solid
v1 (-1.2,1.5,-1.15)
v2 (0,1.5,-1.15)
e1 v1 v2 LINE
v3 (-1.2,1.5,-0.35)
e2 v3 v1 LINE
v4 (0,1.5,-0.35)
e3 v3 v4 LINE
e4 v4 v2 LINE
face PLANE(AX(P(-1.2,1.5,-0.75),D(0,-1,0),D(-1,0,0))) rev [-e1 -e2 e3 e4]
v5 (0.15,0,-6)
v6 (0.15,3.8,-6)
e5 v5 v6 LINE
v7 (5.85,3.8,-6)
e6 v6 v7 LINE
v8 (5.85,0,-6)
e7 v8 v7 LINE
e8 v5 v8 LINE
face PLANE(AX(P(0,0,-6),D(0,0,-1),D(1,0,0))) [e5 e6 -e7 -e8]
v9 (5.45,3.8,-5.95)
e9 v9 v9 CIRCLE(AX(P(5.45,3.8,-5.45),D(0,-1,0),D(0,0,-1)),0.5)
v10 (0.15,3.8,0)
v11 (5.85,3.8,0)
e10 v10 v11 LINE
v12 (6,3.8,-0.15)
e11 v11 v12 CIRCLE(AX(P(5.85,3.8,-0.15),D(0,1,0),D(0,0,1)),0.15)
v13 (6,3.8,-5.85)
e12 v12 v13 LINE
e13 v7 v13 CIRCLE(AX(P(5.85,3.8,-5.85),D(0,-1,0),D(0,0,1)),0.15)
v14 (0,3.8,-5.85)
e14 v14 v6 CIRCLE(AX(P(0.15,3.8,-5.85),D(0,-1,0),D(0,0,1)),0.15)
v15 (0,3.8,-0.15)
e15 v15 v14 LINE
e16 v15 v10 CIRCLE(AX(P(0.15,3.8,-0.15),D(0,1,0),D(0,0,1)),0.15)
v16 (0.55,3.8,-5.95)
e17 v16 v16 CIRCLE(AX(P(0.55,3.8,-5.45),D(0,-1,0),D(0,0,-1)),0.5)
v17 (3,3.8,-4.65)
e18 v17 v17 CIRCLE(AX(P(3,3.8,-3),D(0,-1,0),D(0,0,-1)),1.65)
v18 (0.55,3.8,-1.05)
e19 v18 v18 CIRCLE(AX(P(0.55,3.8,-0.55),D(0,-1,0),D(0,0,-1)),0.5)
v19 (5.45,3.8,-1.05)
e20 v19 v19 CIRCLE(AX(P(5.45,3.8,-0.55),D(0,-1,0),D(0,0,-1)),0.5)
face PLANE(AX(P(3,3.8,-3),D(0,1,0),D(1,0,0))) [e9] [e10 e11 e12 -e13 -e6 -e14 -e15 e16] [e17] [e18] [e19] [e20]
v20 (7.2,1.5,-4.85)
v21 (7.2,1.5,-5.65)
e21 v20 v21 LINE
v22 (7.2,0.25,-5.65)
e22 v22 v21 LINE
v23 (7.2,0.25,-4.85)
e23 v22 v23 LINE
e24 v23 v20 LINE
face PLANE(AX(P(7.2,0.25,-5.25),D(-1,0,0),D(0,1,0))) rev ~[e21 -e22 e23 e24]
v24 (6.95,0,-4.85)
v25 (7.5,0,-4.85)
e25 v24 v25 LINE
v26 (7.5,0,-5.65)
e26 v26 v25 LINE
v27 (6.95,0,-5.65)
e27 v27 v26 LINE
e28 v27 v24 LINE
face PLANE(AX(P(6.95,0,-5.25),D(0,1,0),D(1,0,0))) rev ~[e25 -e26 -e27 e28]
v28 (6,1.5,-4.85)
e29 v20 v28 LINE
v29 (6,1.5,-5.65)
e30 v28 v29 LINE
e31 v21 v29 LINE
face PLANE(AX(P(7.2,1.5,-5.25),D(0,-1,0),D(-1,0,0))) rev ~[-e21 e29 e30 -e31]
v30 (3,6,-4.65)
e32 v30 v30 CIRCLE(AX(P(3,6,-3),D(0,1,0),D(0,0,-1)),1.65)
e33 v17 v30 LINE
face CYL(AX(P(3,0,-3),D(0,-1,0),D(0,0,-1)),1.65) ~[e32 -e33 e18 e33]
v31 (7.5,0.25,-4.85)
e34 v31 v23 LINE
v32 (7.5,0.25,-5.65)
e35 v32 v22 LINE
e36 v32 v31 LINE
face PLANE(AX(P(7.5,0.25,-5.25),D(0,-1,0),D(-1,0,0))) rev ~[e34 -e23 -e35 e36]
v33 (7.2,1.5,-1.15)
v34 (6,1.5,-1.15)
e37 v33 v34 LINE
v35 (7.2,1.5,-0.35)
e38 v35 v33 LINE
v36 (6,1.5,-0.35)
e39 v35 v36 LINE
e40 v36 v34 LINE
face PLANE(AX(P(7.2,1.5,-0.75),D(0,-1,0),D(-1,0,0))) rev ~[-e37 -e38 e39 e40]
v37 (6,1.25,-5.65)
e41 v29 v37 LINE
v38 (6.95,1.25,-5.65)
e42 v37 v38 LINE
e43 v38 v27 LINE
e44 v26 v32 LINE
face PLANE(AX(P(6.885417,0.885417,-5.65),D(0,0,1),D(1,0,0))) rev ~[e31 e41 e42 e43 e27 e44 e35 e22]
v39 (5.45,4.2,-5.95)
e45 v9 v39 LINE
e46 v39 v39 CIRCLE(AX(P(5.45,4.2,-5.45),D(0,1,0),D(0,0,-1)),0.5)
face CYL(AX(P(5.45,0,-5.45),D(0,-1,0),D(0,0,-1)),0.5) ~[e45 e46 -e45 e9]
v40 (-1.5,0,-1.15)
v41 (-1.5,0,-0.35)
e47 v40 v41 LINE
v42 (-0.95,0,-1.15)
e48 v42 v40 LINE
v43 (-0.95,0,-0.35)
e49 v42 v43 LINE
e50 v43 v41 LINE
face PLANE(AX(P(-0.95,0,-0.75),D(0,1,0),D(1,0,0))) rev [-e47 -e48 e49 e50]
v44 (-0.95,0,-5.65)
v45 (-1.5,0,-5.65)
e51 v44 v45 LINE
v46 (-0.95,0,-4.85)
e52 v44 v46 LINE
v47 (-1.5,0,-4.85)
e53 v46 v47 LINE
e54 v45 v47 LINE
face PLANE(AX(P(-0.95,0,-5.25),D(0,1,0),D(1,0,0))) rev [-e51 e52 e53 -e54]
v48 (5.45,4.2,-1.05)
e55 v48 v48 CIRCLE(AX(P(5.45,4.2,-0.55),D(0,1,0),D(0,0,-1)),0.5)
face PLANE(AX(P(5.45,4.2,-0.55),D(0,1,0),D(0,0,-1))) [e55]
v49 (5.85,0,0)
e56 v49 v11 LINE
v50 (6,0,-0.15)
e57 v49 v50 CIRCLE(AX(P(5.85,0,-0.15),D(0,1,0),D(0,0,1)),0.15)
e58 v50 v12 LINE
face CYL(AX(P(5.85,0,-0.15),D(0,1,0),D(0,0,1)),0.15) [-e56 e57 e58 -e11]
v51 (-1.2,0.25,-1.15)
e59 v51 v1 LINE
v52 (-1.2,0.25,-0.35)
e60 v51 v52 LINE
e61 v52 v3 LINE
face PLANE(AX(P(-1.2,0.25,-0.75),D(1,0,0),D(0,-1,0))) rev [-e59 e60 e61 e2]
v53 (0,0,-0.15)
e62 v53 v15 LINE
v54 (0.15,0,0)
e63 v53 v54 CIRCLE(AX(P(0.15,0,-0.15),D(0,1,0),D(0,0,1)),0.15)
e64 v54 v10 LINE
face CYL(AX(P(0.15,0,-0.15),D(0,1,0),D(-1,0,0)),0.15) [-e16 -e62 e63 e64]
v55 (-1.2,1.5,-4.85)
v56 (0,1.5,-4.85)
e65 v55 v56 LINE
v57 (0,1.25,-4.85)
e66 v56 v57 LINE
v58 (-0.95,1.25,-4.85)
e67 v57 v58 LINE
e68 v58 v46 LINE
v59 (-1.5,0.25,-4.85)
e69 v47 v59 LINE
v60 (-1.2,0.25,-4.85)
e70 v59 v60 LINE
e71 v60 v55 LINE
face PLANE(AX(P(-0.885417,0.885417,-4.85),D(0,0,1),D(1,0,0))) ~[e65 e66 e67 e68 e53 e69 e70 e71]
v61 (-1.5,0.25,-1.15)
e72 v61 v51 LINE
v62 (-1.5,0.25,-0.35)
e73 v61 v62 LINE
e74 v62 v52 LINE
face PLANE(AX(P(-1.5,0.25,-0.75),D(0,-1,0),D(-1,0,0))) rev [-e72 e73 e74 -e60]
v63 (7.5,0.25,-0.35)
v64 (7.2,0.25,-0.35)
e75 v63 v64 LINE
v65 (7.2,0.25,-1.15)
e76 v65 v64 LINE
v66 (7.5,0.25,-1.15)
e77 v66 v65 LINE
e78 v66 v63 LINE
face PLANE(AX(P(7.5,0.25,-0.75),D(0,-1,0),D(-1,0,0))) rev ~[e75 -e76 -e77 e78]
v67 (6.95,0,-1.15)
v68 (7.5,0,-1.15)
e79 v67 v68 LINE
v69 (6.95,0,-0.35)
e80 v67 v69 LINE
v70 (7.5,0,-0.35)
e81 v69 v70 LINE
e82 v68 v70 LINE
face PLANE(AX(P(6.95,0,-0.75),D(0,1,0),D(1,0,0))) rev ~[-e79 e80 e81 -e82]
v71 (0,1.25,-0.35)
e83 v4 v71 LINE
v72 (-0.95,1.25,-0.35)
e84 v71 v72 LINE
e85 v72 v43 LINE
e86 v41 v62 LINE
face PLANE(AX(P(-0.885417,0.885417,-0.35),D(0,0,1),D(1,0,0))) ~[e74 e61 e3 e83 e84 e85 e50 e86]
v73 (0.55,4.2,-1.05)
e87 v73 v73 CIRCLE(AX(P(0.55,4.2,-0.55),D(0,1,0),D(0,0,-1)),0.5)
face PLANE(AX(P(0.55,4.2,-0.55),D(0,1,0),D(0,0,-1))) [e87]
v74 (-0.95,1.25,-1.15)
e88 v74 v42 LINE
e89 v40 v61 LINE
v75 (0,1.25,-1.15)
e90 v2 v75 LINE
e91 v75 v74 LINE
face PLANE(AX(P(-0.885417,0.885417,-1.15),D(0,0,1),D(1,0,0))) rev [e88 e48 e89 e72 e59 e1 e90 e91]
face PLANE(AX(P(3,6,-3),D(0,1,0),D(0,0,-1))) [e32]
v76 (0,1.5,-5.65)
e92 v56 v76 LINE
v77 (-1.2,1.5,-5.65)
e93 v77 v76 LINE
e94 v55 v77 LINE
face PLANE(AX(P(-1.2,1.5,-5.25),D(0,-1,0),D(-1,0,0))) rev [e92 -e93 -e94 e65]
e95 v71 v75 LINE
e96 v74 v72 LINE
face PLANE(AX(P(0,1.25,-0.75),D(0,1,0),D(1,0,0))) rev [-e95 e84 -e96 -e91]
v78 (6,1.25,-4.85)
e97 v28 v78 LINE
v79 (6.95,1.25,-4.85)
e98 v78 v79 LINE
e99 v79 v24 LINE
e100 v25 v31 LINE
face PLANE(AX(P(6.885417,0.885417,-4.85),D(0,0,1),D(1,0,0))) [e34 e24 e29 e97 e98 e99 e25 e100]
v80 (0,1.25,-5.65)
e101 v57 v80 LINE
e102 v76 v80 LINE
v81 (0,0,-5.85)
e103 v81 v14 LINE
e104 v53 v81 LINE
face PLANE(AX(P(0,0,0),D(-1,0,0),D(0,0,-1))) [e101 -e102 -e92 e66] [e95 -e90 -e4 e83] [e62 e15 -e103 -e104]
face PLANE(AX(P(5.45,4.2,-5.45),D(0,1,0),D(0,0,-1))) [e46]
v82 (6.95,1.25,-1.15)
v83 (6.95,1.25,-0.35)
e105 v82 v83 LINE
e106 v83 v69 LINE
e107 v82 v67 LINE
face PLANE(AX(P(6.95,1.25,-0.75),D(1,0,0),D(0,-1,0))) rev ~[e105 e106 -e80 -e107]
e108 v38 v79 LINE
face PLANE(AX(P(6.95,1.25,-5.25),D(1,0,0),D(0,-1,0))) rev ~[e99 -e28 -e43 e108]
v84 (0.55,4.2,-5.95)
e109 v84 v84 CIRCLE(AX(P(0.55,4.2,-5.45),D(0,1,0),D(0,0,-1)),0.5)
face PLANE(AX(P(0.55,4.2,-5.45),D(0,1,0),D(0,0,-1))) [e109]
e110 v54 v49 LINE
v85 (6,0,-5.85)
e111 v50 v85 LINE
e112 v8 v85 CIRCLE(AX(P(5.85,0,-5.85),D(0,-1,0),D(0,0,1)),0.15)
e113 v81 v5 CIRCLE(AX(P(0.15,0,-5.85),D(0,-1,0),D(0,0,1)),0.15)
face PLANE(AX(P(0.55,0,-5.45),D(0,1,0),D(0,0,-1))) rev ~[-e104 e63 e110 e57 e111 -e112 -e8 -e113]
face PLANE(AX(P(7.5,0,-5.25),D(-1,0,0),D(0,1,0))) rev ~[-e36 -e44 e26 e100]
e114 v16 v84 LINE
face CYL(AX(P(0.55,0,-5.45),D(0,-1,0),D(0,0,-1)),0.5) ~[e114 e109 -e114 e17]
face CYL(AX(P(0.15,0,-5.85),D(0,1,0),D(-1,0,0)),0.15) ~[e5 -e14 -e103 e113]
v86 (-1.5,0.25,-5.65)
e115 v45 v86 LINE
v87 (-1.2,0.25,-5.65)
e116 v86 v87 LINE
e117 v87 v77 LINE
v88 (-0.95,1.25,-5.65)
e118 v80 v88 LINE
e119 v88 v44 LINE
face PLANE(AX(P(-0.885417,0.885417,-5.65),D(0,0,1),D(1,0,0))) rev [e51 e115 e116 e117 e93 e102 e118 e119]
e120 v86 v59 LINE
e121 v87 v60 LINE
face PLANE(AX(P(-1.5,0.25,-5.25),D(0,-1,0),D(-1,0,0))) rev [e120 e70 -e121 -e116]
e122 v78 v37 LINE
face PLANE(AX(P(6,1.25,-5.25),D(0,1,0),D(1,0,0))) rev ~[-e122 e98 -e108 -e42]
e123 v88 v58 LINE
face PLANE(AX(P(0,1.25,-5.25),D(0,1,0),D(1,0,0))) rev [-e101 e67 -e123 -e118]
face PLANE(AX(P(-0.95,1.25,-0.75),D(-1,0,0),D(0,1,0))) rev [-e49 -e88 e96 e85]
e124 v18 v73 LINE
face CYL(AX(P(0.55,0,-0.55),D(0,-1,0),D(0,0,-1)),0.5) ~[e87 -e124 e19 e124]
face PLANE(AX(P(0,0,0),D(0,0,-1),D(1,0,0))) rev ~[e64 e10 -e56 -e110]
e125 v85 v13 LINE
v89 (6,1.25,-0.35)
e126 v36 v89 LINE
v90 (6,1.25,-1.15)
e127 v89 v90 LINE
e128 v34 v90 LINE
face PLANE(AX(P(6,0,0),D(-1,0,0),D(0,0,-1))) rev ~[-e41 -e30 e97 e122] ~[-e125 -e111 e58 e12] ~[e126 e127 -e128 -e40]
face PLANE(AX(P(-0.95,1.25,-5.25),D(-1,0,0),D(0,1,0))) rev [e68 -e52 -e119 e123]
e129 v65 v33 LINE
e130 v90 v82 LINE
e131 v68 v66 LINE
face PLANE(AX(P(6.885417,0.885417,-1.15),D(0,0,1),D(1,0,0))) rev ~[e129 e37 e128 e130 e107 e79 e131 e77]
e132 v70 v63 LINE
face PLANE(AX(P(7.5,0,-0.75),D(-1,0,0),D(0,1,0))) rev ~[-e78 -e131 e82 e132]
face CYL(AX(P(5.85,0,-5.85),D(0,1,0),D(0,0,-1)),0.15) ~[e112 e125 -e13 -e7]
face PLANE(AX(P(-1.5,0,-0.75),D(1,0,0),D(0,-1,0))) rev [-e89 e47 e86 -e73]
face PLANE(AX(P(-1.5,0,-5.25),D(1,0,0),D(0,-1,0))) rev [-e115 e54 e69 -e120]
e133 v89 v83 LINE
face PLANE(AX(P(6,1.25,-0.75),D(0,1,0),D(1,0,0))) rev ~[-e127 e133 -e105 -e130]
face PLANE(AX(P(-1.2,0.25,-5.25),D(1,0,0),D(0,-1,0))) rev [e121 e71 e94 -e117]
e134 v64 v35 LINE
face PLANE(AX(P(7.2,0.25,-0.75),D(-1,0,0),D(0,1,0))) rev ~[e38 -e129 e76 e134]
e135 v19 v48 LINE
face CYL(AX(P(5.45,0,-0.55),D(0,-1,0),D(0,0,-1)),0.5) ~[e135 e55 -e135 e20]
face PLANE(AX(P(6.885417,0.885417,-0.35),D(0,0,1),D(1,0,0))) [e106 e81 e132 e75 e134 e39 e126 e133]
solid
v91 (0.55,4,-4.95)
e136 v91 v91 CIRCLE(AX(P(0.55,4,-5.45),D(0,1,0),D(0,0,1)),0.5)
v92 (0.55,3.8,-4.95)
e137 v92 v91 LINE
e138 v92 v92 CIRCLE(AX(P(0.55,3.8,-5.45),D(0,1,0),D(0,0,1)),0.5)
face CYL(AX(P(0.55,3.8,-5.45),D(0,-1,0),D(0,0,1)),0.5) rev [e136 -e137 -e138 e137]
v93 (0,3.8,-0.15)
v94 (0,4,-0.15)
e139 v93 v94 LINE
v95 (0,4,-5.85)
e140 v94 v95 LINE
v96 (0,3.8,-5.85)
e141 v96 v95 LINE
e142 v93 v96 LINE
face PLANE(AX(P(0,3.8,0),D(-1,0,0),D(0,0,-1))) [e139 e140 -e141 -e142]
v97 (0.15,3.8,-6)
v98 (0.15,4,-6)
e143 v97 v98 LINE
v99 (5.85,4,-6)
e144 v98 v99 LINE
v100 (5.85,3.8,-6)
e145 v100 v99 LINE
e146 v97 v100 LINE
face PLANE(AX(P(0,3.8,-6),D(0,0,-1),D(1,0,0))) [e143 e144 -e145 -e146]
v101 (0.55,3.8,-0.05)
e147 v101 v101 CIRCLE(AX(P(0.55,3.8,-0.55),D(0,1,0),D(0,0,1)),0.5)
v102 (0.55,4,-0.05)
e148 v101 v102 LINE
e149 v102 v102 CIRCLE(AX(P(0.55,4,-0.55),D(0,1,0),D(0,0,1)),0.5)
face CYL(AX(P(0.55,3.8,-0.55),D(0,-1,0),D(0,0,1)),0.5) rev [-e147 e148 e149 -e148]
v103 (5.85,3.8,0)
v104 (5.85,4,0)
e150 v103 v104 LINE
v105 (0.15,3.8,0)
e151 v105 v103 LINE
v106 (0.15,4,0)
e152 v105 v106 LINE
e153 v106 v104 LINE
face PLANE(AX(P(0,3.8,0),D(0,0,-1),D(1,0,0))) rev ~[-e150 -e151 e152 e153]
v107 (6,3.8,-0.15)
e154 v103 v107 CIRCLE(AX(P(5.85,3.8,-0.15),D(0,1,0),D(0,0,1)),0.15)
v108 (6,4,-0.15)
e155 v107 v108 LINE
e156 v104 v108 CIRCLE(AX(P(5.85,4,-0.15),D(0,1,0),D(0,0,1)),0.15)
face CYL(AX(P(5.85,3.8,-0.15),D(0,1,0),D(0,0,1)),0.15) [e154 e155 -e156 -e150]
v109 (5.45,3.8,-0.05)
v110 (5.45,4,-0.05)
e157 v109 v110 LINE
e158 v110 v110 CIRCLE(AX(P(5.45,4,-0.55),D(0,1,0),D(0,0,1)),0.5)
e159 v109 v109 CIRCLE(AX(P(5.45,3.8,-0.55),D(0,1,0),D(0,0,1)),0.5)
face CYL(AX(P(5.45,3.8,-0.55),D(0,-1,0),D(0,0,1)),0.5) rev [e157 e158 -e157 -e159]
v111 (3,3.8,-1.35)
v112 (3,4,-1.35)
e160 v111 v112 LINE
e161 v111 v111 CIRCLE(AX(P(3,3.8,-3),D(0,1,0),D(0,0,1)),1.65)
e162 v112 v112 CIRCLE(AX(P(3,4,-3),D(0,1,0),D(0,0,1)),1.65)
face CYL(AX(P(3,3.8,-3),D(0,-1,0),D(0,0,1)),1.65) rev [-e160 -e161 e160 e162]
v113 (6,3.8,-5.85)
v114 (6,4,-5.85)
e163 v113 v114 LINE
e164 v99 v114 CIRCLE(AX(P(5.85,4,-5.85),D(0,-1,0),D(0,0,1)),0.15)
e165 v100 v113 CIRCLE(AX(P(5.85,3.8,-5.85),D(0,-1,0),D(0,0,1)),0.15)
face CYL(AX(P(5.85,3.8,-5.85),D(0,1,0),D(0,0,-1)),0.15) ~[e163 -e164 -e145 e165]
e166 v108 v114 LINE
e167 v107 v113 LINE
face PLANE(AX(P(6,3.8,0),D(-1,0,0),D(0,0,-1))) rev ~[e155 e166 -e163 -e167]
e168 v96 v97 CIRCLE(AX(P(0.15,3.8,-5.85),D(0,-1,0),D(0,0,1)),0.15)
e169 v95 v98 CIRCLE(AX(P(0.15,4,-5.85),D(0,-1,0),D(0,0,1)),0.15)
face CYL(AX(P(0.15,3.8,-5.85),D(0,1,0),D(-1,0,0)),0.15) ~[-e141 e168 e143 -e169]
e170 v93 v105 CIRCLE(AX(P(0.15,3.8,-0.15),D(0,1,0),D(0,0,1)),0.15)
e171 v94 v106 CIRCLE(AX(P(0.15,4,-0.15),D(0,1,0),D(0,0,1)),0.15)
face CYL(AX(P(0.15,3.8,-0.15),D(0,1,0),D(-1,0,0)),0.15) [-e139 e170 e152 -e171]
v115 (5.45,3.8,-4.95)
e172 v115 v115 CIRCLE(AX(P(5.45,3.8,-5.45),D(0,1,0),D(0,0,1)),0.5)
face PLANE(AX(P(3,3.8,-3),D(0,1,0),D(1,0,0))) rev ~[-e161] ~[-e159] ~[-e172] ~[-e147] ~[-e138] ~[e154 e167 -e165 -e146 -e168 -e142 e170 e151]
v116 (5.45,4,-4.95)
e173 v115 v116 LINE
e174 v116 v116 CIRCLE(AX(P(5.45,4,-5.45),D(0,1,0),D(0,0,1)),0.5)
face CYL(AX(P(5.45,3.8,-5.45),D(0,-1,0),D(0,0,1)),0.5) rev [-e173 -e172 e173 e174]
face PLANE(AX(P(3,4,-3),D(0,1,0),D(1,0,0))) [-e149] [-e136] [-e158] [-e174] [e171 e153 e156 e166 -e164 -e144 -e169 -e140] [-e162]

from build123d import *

# Parameters (mm, degrees)
SKETCH1_W           = 6
SKETCH1_H           = 6
BOSS_EXTRUDE1_DEPTH = 3.8
SKETCH1_3_R         = 1.65
BOSS_EXTRUDE2_DEPTH = 6
SKETCH1_4_R         = 0.5
BOSS_EXTRUDE3_DEPTH = 4.2
SKETCH2_W           = 6
SKETCH2_H           = 6
SKETCH2_R           = 1.65
SKETCH2_R_2         = 0.5
BOSS_EXTRUDE4_DEPTH = 0.2
FILLET1_R           = 0.15
FILLET2_R           = 0.15
BOSS_EXTRUDE5_START = -0.75
BOSS_EXTRUDE5_DEPTH = 0.4
BOSS_EXTRUDE6_START = -5.25
BOSS_EXTRUDE6_DEPTH = 0.4


with BuildPart() as part:
    # Sketch1 → Boss-Extrude1 (new body)
    with BuildSketch(Plane(origin=(0, 0, 0), x_dir=(1, 0, 0), z_dir=(0, 1, 0))):
        with Locations((3, 3)):
            Rectangle(SKETCH1_W, SKETCH1_H)
    extrude(amount=BOSS_EXTRUDE1_DEPTH)

    # Sketch1<3> → Boss-Extrude2 (add)
    with BuildSketch(Plane(origin=(0, 0, 0), x_dir=(1, 0, 0), z_dir=(0, 1, 0))):
        with Locations((3, 3)):
            Circle(SKETCH1_3_R)
    extrude(amount=BOSS_EXTRUDE2_DEPTH)

    # Sketch1<4> → Boss-Extrude3 (add)
    with BuildSketch(Plane(origin=(0, 0, 0), x_dir=(1, 0, 0), z_dir=(0, 1, 0))):
        with Locations((0.55, 5.45)):
            Circle(SKETCH1_4_R)
        with Locations((5.45, 5.45)):
            Circle(SKETCH1_4_R)
        with Locations((5.45, 0.55)):
            Circle(SKETCH1_4_R)
        with Locations((0.55, 0.55)):
            Circle(SKETCH1_4_R)
    extrude(amount=BOSS_EXTRUDE3_DEPTH)

    # Fillet1
    fillet1_edges = [part.edges().sort_by_distance(p)[0] for p in [
        (0, 1.9, 0),
        (0, 1.9, -6),
        (6, 1.9, -6),
        (6, 1.9, 0),
    ]]
    fillet(fillet1_edges, radius=FILLET1_R)

    # Sketch3 → Boss-Extrude5 (add, symmetric)
    with BuildSketch(Plane(origin=(0, 0, -6), x_dir=(-1, 0, 0), z_dir=(0, 0, -1)).offset(BOSS_EXTRUDE5_START)):
        Polygon((-6, 1.25), (-6.95, 1.25), (-6.95, 0), (-7.5, 0), (-7.5, 0.25), (-7.2, 0.25), (-7.2, 1.5), (-6, 1.5), align=None)
    boss_extrude5 = extrude(amount=BOSS_EXTRUDE5_DEPTH, both=True)

    # Sketch3<2> → Boss-Extrude6 (add, symmetric)
    with BuildSketch(Plane(origin=(0, 0, -6), x_dir=(-1, 0, 0), z_dir=(0, 0, -1)).offset(BOSS_EXTRUDE6_START)):
        Polygon((-6, 1.25), (-6.95, 1.25), (-6.95, 0), (-7.5, 0), (-7.5, 0.25), (-7.2, 0.25), (-7.2, 1.5), (-6, 1.5), align=None)
    boss_extrude6 = extrude(amount=BOSS_EXTRUDE6_DEPTH, both=True)

    # Mirror1: Boss-Extrude5, Boss-Extrude6 across plane
    add(boss_extrude5.mirror(Plane(origin=(3, 0, 0), x_dir=(0, 0, 1), z_dir=(1, 0, 0))))
    add(boss_extrude6.mirror(Plane(origin=(3, 0, 0), x_dir=(0, 0, 1), z_dir=(1, 0, 0))))


with BuildPart() as body_2:
    # Sketch2 → Boss-Extrude4 (new body)
    with BuildSketch(Plane(origin=(0, 3.8, 0), x_dir=(1, 0, 0), z_dir=(0, 1, 0))):
        with Locations((3, 3)):
            Rectangle(SKETCH2_W, SKETCH2_H)
        with Locations((3, 3)):
            Circle(SKETCH2_R, mode=Mode.SUBTRACT)
        with Locations((5.45, 0.55)):
            Circle(SKETCH2_R_2, mode=Mode.SUBTRACT)
        with Locations((0.55, 0.55)):
            Circle(SKETCH2_R_2, mode=Mode.SUBTRACT)
        with Locations((0.55, 5.45)):
            Circle(SKETCH2_R_2, mode=Mode.SUBTRACT)
        with Locations((5.45, 5.45)):
            Circle(SKETCH2_R_2, mode=Mode.SUBTRACT)
    extrude(amount=BOSS_EXTRUDE4_DEPTH)

    # Fillet2
    fillet2_edges = [body_2.edges().sort_by_distance(p)[0] for p in [
        (6, 3.9, -6),
        (6, 3.9, 0),
        (0, 3.9, 0),
        (0, 3.9, -6),
    ]]
    fillet(fillet2_edges, radius=FILLET2_R)


solid = Compound([part.part, body_2.part])
